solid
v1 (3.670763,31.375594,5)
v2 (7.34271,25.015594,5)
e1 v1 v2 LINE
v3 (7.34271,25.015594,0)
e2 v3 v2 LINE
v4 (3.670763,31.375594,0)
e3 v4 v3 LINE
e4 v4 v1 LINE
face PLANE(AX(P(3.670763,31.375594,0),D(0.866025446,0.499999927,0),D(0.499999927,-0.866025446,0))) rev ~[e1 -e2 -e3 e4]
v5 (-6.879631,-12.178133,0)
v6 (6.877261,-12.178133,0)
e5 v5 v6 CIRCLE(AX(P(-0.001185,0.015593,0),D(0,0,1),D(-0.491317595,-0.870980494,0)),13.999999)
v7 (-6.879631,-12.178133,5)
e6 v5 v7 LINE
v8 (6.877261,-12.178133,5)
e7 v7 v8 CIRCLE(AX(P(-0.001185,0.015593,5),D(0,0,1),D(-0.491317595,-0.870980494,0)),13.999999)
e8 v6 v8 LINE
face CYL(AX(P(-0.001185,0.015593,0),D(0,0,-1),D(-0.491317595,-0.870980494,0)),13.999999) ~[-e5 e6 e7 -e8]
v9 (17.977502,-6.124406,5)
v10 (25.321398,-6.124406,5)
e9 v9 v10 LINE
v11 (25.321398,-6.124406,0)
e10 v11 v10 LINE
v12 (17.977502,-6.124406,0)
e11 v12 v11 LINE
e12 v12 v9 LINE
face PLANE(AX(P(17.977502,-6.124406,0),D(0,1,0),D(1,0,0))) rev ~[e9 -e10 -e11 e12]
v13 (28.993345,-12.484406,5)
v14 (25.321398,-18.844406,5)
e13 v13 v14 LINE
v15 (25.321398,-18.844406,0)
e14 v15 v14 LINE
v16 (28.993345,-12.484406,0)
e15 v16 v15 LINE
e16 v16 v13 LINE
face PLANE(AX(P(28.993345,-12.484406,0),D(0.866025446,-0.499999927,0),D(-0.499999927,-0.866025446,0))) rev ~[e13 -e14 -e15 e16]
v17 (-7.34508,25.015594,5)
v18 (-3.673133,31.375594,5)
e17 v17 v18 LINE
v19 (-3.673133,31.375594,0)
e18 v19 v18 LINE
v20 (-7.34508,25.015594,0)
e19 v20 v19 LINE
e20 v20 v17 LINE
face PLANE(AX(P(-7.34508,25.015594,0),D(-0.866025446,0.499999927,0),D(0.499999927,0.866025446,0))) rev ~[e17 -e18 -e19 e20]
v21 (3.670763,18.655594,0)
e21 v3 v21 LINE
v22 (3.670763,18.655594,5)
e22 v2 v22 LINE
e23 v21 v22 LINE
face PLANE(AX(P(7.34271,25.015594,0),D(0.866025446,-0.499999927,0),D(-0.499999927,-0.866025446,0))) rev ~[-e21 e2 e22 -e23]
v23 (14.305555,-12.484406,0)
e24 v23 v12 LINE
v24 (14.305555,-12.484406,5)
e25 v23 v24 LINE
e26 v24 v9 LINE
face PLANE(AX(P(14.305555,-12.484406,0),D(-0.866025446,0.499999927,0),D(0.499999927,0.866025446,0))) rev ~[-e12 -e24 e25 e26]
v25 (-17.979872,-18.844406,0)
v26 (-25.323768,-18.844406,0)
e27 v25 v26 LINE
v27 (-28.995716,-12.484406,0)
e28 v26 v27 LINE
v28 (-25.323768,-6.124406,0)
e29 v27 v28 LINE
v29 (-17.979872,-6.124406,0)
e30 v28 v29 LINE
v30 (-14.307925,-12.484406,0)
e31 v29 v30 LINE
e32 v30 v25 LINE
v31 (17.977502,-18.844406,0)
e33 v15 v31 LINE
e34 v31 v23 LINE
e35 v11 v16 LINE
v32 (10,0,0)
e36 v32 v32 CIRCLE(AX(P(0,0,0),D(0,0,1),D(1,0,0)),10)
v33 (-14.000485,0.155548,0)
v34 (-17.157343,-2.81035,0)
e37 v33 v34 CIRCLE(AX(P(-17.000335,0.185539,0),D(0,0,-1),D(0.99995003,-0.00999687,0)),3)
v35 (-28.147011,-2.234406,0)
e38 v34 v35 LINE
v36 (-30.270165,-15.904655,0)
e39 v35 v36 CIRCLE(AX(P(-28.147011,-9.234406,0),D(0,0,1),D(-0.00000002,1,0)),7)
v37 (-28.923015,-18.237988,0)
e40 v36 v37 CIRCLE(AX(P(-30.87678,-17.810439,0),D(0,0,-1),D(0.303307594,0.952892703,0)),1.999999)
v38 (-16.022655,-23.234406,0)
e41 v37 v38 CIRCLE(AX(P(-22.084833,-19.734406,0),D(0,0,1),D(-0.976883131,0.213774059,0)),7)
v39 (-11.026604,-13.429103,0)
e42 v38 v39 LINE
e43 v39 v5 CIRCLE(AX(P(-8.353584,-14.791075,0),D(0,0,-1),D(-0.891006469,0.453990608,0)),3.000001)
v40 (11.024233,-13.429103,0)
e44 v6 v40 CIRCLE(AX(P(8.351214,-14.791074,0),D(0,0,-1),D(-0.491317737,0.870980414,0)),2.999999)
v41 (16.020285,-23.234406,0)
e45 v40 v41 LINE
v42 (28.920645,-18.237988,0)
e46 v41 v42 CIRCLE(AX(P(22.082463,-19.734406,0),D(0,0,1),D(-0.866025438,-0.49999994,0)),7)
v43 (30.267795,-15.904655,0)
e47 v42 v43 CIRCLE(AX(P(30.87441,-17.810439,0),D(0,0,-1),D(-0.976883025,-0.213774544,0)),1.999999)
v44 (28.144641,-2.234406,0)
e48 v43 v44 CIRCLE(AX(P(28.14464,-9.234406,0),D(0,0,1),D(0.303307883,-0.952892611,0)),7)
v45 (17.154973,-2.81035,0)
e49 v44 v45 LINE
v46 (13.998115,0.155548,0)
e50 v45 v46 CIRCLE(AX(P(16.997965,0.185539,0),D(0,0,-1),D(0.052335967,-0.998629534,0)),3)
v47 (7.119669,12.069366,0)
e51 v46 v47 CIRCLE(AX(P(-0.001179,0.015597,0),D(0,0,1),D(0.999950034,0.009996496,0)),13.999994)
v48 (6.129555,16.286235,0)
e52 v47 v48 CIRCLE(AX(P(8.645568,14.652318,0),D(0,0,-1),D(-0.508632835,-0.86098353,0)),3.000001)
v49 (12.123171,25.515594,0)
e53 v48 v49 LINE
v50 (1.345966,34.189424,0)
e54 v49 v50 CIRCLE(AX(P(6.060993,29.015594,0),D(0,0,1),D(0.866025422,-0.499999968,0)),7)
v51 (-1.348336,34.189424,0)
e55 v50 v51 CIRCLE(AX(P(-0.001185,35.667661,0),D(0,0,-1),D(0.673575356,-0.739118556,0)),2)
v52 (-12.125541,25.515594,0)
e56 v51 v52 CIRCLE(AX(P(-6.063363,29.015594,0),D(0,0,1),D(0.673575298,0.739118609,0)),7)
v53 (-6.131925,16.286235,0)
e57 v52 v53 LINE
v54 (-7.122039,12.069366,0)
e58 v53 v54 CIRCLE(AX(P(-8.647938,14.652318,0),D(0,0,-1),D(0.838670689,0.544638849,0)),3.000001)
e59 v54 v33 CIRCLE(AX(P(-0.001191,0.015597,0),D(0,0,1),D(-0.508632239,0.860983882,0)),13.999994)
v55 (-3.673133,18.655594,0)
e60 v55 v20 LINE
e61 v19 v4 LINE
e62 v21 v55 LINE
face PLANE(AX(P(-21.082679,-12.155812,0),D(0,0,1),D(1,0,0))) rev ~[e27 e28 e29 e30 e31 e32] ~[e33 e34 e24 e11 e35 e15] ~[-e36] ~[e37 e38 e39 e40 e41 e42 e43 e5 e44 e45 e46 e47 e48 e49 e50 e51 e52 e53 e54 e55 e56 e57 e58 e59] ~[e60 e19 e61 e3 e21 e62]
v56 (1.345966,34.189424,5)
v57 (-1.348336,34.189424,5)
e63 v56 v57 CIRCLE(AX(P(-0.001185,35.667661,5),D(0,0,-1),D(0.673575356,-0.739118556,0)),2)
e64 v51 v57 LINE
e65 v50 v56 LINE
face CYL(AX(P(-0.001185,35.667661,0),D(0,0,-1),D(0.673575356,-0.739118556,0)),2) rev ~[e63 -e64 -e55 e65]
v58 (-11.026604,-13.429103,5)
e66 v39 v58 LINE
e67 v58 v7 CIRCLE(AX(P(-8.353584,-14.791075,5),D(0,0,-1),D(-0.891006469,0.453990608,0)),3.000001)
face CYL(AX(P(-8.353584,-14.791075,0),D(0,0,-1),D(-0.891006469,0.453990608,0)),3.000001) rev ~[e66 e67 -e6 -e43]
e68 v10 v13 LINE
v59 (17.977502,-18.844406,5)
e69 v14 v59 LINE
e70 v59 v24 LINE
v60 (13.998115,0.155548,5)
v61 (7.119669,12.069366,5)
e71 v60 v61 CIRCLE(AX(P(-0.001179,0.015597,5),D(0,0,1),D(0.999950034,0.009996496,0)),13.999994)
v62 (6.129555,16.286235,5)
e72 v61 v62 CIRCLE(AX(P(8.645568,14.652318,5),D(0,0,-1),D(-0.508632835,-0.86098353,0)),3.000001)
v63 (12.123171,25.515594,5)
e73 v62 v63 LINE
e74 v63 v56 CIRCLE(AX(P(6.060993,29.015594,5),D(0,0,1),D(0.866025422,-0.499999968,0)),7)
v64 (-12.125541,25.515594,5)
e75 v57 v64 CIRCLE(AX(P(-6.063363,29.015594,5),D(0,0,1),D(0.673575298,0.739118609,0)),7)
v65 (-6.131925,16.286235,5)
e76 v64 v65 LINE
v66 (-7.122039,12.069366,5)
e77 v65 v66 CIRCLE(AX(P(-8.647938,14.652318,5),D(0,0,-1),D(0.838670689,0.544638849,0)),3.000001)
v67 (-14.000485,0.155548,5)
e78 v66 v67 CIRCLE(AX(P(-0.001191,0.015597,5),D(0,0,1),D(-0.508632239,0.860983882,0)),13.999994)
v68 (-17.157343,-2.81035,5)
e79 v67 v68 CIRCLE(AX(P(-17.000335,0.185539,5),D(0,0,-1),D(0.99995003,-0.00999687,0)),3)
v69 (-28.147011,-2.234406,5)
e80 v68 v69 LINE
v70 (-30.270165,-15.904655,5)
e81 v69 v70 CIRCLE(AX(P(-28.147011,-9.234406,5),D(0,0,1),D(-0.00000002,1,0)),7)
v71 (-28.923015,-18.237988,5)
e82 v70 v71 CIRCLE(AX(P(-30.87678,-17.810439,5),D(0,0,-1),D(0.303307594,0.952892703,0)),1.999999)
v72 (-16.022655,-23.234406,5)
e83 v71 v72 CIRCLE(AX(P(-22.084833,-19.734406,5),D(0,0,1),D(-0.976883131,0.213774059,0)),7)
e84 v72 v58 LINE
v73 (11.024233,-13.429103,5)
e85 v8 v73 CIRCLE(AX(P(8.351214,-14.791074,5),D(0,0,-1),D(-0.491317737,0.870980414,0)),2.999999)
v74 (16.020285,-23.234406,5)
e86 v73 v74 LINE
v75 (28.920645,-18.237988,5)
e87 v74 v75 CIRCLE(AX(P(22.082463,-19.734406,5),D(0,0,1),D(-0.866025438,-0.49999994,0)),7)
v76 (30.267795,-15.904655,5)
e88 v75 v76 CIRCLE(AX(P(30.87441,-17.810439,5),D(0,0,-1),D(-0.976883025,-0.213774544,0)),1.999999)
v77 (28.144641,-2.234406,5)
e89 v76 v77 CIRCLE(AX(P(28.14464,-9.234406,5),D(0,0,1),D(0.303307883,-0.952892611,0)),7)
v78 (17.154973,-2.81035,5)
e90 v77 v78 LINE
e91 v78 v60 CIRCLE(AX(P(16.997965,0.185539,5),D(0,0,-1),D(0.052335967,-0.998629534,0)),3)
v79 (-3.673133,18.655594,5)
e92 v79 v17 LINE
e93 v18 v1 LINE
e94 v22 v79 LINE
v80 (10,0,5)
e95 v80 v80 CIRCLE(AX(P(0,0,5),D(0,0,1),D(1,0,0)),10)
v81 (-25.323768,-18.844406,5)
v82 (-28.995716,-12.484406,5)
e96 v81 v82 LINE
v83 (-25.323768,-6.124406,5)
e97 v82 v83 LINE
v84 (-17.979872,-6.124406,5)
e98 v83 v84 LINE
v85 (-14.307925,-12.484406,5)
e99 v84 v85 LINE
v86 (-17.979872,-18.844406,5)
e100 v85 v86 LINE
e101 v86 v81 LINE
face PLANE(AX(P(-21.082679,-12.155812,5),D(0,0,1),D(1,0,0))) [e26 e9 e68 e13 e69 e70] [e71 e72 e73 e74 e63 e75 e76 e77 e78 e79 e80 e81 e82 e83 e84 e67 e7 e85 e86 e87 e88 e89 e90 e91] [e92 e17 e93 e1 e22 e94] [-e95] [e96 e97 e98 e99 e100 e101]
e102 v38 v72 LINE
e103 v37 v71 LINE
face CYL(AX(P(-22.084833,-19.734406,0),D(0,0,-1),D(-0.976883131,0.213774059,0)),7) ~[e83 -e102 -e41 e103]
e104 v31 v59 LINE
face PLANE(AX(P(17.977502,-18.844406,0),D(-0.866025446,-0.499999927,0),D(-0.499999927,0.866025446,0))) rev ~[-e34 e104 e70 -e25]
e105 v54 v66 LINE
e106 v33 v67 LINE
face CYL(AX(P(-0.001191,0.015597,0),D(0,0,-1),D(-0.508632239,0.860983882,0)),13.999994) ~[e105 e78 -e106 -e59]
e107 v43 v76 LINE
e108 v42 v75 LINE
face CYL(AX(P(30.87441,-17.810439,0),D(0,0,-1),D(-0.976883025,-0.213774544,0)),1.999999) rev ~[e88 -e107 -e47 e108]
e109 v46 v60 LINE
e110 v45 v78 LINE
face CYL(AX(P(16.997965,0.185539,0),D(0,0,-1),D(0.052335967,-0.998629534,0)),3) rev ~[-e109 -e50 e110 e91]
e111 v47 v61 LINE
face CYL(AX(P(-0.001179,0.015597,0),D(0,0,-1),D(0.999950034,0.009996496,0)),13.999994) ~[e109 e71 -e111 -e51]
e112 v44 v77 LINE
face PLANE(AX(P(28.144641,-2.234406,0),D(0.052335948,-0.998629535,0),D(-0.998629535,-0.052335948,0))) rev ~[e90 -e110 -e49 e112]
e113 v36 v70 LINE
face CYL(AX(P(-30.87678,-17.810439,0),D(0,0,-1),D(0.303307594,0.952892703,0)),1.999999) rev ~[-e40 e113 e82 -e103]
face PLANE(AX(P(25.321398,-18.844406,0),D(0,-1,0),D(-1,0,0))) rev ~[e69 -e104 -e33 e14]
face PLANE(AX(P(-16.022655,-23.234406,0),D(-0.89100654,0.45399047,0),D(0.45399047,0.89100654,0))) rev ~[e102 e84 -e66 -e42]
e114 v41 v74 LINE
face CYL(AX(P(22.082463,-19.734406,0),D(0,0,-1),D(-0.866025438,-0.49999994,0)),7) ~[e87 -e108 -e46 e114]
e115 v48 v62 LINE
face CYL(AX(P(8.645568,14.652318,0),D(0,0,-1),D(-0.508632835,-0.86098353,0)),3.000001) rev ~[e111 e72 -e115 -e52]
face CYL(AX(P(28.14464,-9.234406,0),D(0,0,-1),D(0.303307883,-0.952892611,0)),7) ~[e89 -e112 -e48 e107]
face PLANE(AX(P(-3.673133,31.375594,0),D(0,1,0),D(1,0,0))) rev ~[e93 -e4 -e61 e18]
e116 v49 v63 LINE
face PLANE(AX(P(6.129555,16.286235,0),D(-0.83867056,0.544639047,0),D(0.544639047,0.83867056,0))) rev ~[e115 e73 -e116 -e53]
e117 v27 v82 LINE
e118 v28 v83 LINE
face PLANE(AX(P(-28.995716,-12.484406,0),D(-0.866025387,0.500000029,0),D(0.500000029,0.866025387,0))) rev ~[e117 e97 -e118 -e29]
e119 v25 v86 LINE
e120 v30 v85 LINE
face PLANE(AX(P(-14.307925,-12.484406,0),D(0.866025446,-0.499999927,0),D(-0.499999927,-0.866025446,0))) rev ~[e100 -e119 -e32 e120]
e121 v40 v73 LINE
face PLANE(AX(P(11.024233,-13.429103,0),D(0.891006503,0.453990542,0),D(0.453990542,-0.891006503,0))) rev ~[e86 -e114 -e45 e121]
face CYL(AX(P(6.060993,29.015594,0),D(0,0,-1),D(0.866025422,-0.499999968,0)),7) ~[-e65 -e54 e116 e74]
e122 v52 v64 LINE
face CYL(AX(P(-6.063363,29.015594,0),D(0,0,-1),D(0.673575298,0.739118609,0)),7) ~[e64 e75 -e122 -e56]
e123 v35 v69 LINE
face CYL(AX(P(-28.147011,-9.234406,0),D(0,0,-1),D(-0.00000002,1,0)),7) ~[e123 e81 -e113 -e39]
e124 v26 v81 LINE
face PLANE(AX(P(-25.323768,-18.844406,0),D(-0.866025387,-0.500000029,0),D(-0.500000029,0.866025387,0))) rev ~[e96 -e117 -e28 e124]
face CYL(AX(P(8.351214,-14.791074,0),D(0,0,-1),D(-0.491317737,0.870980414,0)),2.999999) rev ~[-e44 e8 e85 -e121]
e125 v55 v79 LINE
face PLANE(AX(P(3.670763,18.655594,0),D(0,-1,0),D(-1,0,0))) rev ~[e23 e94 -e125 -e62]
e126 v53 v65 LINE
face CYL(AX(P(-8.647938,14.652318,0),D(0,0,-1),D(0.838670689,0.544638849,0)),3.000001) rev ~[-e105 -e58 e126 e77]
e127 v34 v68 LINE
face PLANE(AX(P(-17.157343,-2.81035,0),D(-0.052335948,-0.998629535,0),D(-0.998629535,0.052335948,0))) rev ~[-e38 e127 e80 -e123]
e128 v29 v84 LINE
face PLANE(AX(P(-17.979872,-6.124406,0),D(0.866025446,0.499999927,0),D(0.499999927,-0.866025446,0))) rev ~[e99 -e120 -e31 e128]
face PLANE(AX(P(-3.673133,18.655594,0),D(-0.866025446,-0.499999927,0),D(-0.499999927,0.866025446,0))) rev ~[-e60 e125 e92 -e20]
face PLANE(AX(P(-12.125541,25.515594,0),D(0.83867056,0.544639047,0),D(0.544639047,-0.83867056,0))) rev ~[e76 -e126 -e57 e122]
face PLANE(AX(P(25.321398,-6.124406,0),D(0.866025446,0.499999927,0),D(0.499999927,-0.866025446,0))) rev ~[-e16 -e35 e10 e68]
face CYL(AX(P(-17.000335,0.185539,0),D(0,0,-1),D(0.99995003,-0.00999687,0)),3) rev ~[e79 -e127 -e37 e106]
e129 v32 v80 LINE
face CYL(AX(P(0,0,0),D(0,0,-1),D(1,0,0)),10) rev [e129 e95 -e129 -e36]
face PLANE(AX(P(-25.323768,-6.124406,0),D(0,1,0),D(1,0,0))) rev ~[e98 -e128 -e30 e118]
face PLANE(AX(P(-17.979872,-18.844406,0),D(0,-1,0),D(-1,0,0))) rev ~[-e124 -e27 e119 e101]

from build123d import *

# Parameters (mm, degrees)
F0_R     = 10
F1_DEPTH = 5


with BuildPart() as f1:
    # F0 (on Top) → F1 (new body)
    with BuildSketch(Plane.XY):
        with BuildLine():
            ThreePointArc((-6.879631, -12.178133), (-12.125541, -6.984406), (-14.000485, 0.155548))
            ThreePointArc((-14.000485, 0.155548), (-14.946175, -2.00088), (-17.157343, -2.81035))
            Line((-17.157343, -2.81035), (-28.147011, -2.234406))
            ThreePointArc((-28.147011, -2.234406), (-35.064082, -8.160102), (-30.270165, -15.904655))
            ThreePointArc((-30.270165, -15.904655), (-29.14473, -16.81044), (-28.923015, -18.237988))
            ThreePointArc((-28.923015, -18.237988), (-24.612993, -26.261918), (-16.022655, -23.234406))
            Line((-16.022655, -23.234406), (-11.026604, -13.429103))
            ThreePointArc((-11.026604, -13.429103), (-9.219997, -11.91891), (-6.879631, -12.178133))
        make_face()
        Polygon((-28.995716, -12.484406), (-25.323768, -6.124406), (-17.979872, -6.124406), (-14.307925, -12.484406), (-17.979872, -18.844406), (-25.323768, -18.844406), align=None, mode=Mode.SUBTRACT)
        with BuildLine():
            ThreePointArc((13.998115, 0.155548), (12.123171, 7.015594), (7.119669, 12.069366))
            ThreePointArc((7.119669, 12.069366), (-0.001185, 14.015594), (-7.122039, 12.069366))
            ThreePointArc((-7.122039, 12.069366), (-12.125541, 7.015594), (-14.000485, 0.155548))
            ThreePointArc((-14.000485, 0.155548), (-12.125541, -6.984406), (-6.879631, -12.178133))
            ThreePointArc((-6.879631, -12.178133), (-0.001185, -13.984406), (6.877261, -12.178133))
            ThreePointArc((6.877261, -12.178133), (12.08803, -7.044922), (13.998815, 0.015594))
            ThreePointArc((13.998815, 0.015594), (13.99864, 0.085572), (13.998115, 0.155548))
        make_face()
        Circle(F0_R, mode=Mode.SUBTRACT)
        with BuildLine():
            ThreePointArc((17.154973, -2.81035), (14.943805, -2.00088), (13.998115, 0.155548))
            ThreePointArc((13.998115, 0.155548), (13.99864, 0.085572), (13.998815, 0.015594))
            ThreePointArc((13.998815, 0.015594), (12.08803, -7.044922), (6.877261, -12.178133))
            ThreePointArc((6.877261, -12.178133), (9.217627, -11.91891), (11.024233, -13.429103))
            Line((11.024233, -13.429103), (16.020285, -23.234406))
            ThreePointArc((16.020285, -23.234406), (24.610623, -26.261918), (28.920645, -18.237988))
            ThreePointArc((28.920645, -18.237988), (29.14236, -16.81044), (30.267795, -15.904655))
            ThreePointArc((30.267795, -15.904655), (35.061711, -8.160102), (28.144641, -2.234406))
            Line((28.144641, -2.234406), (17.154973, -2.81035))
        make_face()
        Polygon((25.321398, -18.844406), (17.977502, -18.844406), (14.305555, -12.484406), (17.977502, -6.124406), (25.321398, -6.124406), (28.993345, -12.484406), align=None, mode=Mode.SUBTRACT)
        with BuildLine():
            ThreePointArc((7.119669, 12.069366), (5.724993, 13.966571), (6.129555, 16.286235))
            Line((6.129555, 16.286235), (12.123171, 25.515594))
            ThreePointArc((12.123171, 25.515594), (10.449903, 34.468801), (1.345966, 34.189424))
            ThreePointArc((1.345966, 34.189424), (-0.001185, 33.667661), (-1.348336, 34.189424))
            ThreePointArc((-1.348336, 34.189424), (-10.452273, 34.468801), (-12.125541, 25.515594))
            Line((-12.125541, 25.515594), (-6.131925, 16.286235))
            ThreePointArc((-6.131925, 16.286235), (-5.727363, 13.966571), (-7.122039, 12.069366))
            ThreePointArc((-7.122039, 12.069366), (-0.001185, 14.015594), (7.119669, 12.069366))
        make_face()
        Polygon((-7.34508, 25.015594), (-3.673133, 31.375594), (3.670763, 31.375594), (7.34271, 25.015594), (3.670763, 18.655594), (-3.673133, 18.655594), align=None, mode=Mode.SUBTRACT)
    extrude(amount=F1_DEPTH)


solid = f1.part
